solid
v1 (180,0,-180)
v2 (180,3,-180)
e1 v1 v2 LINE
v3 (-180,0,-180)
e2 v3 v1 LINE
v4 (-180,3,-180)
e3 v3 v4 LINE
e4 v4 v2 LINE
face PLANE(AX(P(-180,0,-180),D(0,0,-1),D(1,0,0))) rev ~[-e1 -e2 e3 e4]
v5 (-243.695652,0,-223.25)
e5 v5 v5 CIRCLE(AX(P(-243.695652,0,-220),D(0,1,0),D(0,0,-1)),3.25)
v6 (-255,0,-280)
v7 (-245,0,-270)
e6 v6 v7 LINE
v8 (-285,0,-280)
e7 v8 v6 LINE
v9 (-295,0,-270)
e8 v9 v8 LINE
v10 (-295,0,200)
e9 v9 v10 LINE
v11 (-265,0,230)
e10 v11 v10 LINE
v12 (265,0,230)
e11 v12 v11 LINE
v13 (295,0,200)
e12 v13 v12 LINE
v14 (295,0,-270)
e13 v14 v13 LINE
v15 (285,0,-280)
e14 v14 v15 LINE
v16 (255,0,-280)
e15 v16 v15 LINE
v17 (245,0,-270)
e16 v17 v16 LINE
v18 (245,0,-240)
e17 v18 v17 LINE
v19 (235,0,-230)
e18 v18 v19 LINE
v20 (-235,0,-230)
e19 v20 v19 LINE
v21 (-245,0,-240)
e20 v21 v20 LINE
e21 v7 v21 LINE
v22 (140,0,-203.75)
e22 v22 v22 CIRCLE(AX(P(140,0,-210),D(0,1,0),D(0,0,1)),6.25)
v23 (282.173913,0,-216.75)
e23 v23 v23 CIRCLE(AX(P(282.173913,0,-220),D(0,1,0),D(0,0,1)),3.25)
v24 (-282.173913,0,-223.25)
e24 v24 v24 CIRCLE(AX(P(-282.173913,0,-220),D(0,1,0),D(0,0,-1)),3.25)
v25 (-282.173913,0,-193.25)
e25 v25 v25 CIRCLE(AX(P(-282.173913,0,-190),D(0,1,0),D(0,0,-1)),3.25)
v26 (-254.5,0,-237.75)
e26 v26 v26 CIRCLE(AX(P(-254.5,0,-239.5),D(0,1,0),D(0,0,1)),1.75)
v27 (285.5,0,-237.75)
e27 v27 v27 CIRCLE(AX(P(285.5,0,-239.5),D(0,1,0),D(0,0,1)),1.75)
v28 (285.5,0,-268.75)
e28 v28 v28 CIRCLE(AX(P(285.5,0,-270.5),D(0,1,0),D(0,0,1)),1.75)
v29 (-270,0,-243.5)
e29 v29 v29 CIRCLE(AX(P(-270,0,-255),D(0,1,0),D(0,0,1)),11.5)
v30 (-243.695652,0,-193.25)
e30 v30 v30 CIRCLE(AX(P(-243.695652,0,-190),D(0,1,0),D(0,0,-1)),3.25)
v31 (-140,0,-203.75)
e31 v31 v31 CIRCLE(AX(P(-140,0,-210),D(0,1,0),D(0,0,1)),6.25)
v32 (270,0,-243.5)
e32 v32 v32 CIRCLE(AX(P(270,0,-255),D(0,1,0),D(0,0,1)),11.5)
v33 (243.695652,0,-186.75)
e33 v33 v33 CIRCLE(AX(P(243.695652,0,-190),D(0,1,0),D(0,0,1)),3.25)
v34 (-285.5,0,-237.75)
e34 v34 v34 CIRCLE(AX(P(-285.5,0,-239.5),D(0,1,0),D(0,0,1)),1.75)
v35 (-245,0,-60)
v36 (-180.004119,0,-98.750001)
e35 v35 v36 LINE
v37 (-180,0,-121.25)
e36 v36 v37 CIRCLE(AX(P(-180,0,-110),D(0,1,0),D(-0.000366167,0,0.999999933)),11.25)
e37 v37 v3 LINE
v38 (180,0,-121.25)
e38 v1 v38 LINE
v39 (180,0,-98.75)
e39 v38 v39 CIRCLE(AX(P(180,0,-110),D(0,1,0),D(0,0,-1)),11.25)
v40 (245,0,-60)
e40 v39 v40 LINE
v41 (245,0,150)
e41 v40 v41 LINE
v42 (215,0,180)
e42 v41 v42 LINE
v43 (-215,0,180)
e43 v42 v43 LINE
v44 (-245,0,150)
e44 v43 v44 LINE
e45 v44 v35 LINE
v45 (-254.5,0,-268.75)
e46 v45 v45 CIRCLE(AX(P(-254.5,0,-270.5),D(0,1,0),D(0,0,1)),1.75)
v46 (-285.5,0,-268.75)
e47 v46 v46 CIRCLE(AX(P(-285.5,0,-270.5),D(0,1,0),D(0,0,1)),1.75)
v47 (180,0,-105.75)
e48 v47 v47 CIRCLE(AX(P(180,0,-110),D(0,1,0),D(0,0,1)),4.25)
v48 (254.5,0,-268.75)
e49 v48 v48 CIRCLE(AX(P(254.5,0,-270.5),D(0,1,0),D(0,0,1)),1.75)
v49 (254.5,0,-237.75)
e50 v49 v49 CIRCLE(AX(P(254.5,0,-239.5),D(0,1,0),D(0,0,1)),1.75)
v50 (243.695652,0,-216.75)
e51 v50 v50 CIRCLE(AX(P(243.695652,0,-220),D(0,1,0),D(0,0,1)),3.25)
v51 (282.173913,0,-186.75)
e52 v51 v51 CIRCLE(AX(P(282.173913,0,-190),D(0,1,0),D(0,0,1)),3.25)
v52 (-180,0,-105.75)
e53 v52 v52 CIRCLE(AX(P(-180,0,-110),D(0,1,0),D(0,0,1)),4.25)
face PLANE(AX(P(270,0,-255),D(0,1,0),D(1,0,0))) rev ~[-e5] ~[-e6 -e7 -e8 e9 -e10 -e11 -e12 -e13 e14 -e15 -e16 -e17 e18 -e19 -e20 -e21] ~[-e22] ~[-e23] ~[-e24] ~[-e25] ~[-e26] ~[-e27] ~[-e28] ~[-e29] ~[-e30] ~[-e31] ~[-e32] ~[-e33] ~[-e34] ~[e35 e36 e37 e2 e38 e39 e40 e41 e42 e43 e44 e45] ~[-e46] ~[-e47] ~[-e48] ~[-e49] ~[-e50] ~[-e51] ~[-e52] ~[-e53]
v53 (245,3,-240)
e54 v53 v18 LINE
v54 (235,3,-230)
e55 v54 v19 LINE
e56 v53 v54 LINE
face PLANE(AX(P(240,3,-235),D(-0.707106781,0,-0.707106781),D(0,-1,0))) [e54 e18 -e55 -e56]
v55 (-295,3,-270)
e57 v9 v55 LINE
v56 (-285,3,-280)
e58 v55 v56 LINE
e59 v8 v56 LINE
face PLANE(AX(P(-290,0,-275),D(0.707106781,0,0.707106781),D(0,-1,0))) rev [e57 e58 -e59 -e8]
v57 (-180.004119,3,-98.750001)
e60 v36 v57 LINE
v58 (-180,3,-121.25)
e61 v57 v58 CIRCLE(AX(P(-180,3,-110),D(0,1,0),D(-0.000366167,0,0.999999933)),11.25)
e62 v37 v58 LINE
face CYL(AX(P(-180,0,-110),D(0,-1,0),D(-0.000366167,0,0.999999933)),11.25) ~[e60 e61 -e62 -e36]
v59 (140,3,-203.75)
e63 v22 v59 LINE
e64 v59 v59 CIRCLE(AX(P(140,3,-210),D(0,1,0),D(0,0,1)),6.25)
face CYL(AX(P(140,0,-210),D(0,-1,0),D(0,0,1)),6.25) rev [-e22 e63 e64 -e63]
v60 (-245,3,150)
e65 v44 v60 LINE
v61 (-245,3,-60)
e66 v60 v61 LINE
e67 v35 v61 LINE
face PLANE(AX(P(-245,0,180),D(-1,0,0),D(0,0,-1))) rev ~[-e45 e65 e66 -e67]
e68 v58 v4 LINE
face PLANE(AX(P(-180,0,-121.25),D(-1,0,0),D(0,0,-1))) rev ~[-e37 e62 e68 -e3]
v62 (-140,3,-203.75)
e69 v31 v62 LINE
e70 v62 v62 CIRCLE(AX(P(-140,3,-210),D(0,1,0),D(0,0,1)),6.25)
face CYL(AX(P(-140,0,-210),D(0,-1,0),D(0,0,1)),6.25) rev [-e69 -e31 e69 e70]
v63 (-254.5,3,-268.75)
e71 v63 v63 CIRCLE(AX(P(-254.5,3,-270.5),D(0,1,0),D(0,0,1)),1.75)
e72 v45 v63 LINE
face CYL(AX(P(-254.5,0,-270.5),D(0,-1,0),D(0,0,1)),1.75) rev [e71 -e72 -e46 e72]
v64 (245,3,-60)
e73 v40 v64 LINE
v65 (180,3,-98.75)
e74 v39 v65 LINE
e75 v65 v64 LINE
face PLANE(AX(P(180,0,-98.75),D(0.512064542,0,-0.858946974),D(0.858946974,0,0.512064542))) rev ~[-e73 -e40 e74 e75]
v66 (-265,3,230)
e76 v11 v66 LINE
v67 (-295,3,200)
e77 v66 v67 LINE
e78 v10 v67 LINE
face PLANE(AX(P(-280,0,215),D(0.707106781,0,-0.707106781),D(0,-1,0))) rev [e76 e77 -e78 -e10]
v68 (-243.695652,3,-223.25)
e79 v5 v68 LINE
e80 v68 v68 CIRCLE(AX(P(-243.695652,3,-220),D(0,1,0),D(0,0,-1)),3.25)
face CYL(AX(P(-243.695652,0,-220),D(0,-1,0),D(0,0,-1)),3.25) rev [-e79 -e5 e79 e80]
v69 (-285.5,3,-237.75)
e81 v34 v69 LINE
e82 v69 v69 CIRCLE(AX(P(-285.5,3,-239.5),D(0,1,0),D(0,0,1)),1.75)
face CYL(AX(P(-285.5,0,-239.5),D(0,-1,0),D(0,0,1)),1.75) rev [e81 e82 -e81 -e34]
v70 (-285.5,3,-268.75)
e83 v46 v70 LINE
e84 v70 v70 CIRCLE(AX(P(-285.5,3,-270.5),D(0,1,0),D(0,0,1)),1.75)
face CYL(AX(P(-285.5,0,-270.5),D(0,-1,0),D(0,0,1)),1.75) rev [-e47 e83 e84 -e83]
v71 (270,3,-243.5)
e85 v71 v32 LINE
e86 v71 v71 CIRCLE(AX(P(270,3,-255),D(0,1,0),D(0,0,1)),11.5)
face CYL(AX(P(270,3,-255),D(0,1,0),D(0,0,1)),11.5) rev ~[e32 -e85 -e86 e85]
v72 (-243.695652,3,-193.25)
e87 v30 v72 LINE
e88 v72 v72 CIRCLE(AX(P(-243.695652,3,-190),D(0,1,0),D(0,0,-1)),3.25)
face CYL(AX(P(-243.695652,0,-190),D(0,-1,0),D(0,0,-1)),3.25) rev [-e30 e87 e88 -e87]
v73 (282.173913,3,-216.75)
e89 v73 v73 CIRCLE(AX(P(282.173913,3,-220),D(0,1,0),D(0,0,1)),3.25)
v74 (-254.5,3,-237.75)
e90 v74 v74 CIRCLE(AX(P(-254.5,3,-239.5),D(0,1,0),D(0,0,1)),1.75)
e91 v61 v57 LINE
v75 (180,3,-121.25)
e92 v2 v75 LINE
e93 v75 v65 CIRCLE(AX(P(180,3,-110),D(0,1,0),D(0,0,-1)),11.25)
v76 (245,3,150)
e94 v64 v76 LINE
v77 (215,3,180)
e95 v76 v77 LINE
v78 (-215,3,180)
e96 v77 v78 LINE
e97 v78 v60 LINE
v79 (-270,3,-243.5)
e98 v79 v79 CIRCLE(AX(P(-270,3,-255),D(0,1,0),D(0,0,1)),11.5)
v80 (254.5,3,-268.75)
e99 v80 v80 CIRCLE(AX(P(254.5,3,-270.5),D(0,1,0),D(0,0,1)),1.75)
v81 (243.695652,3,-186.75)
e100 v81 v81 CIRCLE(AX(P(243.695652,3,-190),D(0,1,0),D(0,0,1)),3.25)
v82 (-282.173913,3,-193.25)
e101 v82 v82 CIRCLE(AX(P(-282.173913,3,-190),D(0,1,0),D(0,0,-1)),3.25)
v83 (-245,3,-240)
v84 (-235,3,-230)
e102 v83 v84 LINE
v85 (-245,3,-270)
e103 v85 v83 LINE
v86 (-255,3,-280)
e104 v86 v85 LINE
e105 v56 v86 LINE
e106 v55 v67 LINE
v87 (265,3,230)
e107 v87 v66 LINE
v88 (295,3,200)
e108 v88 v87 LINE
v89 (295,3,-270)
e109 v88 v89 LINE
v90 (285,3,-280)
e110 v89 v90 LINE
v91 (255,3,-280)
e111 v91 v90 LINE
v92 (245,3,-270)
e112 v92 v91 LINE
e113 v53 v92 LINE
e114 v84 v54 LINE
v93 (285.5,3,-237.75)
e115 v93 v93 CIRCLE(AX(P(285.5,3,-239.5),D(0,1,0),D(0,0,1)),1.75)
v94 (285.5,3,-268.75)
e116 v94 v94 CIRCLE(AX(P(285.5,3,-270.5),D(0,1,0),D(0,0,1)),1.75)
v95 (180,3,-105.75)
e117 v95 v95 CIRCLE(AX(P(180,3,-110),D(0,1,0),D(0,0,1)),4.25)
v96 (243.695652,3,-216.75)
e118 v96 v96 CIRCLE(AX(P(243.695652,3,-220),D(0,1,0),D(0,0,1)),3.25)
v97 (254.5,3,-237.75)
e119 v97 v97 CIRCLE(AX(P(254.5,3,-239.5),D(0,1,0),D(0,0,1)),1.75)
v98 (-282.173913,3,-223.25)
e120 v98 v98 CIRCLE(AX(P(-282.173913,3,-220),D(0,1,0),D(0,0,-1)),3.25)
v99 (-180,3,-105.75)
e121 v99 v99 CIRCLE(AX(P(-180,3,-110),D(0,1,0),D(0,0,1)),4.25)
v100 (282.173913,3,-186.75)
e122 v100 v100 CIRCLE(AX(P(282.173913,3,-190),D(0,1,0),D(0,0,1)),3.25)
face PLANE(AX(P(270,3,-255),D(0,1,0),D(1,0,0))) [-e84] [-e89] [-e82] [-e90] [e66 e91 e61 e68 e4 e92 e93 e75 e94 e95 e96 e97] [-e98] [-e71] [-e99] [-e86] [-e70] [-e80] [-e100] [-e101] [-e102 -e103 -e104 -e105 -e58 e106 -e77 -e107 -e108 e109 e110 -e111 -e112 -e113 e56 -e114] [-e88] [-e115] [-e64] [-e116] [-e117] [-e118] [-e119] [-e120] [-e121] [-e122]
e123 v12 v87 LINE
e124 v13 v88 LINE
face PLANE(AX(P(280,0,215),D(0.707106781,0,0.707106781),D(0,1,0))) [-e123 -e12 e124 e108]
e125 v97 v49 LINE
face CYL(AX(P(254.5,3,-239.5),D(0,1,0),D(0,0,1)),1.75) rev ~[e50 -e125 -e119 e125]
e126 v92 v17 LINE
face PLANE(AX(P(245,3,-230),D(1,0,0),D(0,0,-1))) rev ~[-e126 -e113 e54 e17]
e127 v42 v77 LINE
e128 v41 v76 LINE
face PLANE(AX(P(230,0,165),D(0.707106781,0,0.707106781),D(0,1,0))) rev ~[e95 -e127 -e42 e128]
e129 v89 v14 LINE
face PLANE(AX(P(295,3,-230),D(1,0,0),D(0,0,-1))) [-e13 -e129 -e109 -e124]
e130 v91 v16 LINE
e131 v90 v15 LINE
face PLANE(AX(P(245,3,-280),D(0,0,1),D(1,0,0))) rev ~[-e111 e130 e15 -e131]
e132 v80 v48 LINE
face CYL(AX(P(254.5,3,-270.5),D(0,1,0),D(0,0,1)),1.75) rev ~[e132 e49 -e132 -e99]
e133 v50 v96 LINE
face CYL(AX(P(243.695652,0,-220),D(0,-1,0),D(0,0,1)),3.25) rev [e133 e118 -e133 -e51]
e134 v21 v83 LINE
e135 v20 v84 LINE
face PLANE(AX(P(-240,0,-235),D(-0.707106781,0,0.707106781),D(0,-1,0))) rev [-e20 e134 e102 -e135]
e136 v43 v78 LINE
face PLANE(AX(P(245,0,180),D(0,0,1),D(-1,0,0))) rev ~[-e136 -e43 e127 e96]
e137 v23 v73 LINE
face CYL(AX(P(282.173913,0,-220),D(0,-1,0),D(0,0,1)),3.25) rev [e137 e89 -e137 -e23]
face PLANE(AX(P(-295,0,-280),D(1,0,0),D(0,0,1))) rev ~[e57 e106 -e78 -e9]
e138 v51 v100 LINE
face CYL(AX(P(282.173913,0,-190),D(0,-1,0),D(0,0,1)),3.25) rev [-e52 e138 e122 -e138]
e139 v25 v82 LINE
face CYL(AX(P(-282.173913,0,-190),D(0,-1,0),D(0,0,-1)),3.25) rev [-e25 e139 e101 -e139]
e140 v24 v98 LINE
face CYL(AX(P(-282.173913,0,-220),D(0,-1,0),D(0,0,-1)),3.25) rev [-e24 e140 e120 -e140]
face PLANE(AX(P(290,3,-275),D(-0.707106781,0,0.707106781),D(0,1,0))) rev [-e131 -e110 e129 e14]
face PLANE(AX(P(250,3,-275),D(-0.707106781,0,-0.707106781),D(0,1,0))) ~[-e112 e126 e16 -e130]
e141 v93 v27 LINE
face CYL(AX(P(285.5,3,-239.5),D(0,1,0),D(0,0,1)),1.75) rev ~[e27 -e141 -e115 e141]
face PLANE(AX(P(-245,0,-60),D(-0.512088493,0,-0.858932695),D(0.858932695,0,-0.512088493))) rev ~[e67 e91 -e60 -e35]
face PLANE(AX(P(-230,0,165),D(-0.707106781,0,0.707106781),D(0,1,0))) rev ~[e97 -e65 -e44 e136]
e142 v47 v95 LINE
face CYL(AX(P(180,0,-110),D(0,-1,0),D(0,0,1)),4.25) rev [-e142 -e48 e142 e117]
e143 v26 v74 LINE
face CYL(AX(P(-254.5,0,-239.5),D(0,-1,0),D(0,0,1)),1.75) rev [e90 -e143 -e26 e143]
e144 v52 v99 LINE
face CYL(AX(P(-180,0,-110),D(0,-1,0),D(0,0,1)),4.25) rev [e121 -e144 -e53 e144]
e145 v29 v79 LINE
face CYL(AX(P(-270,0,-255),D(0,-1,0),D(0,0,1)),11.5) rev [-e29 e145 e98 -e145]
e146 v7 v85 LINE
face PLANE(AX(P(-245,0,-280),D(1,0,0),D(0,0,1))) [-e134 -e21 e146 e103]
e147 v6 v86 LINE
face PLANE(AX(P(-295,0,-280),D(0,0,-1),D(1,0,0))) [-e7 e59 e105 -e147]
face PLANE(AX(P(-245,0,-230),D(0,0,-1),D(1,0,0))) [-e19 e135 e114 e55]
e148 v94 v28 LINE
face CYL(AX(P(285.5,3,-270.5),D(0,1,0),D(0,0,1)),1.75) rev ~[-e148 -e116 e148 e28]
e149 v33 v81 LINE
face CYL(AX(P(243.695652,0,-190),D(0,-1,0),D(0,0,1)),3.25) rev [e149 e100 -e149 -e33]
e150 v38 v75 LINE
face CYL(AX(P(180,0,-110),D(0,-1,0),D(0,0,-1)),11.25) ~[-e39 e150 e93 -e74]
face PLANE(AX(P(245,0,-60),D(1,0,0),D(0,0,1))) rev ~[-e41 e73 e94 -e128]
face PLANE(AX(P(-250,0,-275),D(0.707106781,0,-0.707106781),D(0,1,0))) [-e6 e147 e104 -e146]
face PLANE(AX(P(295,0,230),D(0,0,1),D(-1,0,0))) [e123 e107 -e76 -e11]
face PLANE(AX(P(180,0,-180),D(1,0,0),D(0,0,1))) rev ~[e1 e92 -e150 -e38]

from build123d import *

# Parameters (mm, degrees)
SKETCH1_R           = 6.25
SKETCH1_R_2         = 4.25
SKETCH1_R_3         = 3.25
SKETCH1_R_4         = 11.5
SKETCH1_R_5         = 1.75
BOSS_EXTRUDE1_DEPTH = 3
SKETCH2_W           = 50
SKETCH2_H           = 50
SKETCH2_R           = 11.5
SKETCH2_R_2         = 1.75
BOSS_EXTRUDE2_DEPTH = 3
CHAMFER1_SIZE       = 10
CHAMFER2_SIZE       = 30


with BuildPart() as part:
    # Sketch1 → Boss-Extrude1 (new body)
    with BuildSketch(Plane(origin=(0, 0, 0), x_dir=(1, 0, 0), z_dir=(0, 1, 0))):
        Polygon((-245, 230), (295, 230), (295, -230), (-295, -230), (-295, 230), (-295, 280), (-245, 280), align=None)
        with Locations(Location((-140, 210, 0), (0, 0, 270))):
            Circle(SKETCH1_R, mode=Mode.SUBTRACT)
        with Locations(Location((140, 210, 0), (0, 0, 270))):
            Circle(SKETCH1_R, mode=Mode.SUBTRACT)
        with Locations(Location((-180, 110, 0), (0, 0, 270))):
            Circle(SKETCH1_R_2, mode=Mode.SUBTRACT)
        with Locations(Location((180, 110, 0), (0, 0, 270))):
            Circle(SKETCH1_R_2, mode=Mode.SUBTRACT)
        with Locations(Location((243.695652174, 220, 0), (0, 0, 270))):
            Circle(SKETCH1_R_3, mode=Mode.SUBTRACT)
        with Locations(Location((282.173913043, 220, 0), (0, 0, 270))):
            Circle(SKETCH1_R_3, mode=Mode.SUBTRACT)
        with Locations(Location((282.173913043, 190, 0), (0, 0, 270))):
            Circle(SKETCH1_R_3, mode=Mode.SUBTRACT)
        with Locations(Location((243.695652174, 190, 0), (0, 0, 270))):
            Circle(SKETCH1_R_3, mode=Mode.SUBTRACT)
        with Locations(Location((-282.173913043, 220, 0), (0, 0, 90))):
            Circle(SKETCH1_R_3, mode=Mode.SUBTRACT)
        with Locations(Location((-243.695652174, 220, 0), (0, 0, 90))):
            Circle(SKETCH1_R_3, mode=Mode.SUBTRACT)
        with Locations(Location((-243.695652174, 190, 0), (0, 0, 90))):
            Circle(SKETCH1_R_3, mode=Mode.SUBTRACT)
        with Locations(Location((-282.173913043, 190, 0), (0, 0, 90))):
            Circle(SKETCH1_R_3, mode=Mode.SUBTRACT)
        with Locations(Location((-270, 255, 0), (0, 0, 270))):
            Circle(SKETCH1_R_4, mode=Mode.SUBTRACT)
        with Locations(Location((-285.5, 239.5, 0), (0, 0, 270))):
            Circle(SKETCH1_R_5, mode=Mode.SUBTRACT)
        with Locations(Location((-285.5, 270.5, 0), (0, 0, 270))):
            Circle(SKETCH1_R_5, mode=Mode.SUBTRACT)
        with Locations(Location((-254.5, 270.5, 0), (0, 0, 270))):
            Circle(SKETCH1_R_5, mode=Mode.SUBTRACT)
        with Locations(Location((-254.5, 239.5, 0), (0, 0, 270))):
            Circle(SKETCH1_R_5, mode=Mode.SUBTRACT)
        with BuildLine():
            Line((-180, 180), (180, 180))
            Line((180, 180), (180, 121.25))
            ThreePointArc((180, 121.25), (168.75, 110), (180, 98.75))
            Line((180, 98.75), (245, 60))
            Line((245, 60), (245, -180))
            Line((245, -180), (-245, -180))
            Line((-245, -180), (-245, 60))
            Line((-245, 60), (-180.004119379, 98.750000754))
            ThreePointArc((-180.004119379, 98.750000754), (-168.750000189, 109.997940311), (-180, 121.25))
            Line((-180, 121.25), (-180, 180))
        make_face(mode=Mode.SUBTRACT)
    extrude(amount=BOSS_EXTRUDE1_DEPTH)

    # Sketch2 → Boss-Extrude2 (add)
    with BuildSketch(Plane(origin=(0, 3, 0), x_dir=(1, 0, 0), z_dir=(0, 1, 0))):
        with Locations((270, 255)):
            Rectangle(SKETCH2_W, SKETCH2_H)
        with Locations(Location((270, 255, 0), (0, 0, 270))):
            Circle(SKETCH2_R, mode=Mode.SUBTRACT)
        with Locations(Location((254.5, 270.5, 0), (0, 0, 270))):
            Circle(SKETCH2_R_2, mode=Mode.SUBTRACT)
        with Locations(Location((285.5, 270.5, 0), (0, 0, 270))):
            Circle(SKETCH2_R_2, mode=Mode.SUBTRACT)
        with Locations(Location((254.5, 239.5, 0), (0, 0, 270))):
            Circle(SKETCH2_R_2, mode=Mode.SUBTRACT)
        with Locations(Location((285.5, 239.5, 0), (0, 0, 270))):
            Circle(SKETCH2_R_2, mode=Mode.SUBTRACT)
    extrude(amount=-BOSS_EXTRUDE2_DEPTH)

    # Chamfer1
    chamfer1_edges = [part.edges().sort_by_distance(p)[0] for p in [
        (-295, 1.5, -280),
        (-245, 1.5, -280),
        (-245, 1.5, -230),
        (245, 1.5, -280),
        (245, 1.5, -230),
        (295, 1.5, -280),
    ]]
    chamfer(chamfer1_edges, length=CHAMFER1_SIZE)

    # Chamfer2
    chamfer2_edges = [part.edges().sort_by_distance(p)[0] for p in [
        (295, 1.5, 230),
        (-295, 1.5, 230),
        (245, 1.5, 180),
        (-245, 1.5, 180),
    ]]
    chamfer(chamfer2_edges, length=CHAMFER2_SIZE)


solid = part.part
